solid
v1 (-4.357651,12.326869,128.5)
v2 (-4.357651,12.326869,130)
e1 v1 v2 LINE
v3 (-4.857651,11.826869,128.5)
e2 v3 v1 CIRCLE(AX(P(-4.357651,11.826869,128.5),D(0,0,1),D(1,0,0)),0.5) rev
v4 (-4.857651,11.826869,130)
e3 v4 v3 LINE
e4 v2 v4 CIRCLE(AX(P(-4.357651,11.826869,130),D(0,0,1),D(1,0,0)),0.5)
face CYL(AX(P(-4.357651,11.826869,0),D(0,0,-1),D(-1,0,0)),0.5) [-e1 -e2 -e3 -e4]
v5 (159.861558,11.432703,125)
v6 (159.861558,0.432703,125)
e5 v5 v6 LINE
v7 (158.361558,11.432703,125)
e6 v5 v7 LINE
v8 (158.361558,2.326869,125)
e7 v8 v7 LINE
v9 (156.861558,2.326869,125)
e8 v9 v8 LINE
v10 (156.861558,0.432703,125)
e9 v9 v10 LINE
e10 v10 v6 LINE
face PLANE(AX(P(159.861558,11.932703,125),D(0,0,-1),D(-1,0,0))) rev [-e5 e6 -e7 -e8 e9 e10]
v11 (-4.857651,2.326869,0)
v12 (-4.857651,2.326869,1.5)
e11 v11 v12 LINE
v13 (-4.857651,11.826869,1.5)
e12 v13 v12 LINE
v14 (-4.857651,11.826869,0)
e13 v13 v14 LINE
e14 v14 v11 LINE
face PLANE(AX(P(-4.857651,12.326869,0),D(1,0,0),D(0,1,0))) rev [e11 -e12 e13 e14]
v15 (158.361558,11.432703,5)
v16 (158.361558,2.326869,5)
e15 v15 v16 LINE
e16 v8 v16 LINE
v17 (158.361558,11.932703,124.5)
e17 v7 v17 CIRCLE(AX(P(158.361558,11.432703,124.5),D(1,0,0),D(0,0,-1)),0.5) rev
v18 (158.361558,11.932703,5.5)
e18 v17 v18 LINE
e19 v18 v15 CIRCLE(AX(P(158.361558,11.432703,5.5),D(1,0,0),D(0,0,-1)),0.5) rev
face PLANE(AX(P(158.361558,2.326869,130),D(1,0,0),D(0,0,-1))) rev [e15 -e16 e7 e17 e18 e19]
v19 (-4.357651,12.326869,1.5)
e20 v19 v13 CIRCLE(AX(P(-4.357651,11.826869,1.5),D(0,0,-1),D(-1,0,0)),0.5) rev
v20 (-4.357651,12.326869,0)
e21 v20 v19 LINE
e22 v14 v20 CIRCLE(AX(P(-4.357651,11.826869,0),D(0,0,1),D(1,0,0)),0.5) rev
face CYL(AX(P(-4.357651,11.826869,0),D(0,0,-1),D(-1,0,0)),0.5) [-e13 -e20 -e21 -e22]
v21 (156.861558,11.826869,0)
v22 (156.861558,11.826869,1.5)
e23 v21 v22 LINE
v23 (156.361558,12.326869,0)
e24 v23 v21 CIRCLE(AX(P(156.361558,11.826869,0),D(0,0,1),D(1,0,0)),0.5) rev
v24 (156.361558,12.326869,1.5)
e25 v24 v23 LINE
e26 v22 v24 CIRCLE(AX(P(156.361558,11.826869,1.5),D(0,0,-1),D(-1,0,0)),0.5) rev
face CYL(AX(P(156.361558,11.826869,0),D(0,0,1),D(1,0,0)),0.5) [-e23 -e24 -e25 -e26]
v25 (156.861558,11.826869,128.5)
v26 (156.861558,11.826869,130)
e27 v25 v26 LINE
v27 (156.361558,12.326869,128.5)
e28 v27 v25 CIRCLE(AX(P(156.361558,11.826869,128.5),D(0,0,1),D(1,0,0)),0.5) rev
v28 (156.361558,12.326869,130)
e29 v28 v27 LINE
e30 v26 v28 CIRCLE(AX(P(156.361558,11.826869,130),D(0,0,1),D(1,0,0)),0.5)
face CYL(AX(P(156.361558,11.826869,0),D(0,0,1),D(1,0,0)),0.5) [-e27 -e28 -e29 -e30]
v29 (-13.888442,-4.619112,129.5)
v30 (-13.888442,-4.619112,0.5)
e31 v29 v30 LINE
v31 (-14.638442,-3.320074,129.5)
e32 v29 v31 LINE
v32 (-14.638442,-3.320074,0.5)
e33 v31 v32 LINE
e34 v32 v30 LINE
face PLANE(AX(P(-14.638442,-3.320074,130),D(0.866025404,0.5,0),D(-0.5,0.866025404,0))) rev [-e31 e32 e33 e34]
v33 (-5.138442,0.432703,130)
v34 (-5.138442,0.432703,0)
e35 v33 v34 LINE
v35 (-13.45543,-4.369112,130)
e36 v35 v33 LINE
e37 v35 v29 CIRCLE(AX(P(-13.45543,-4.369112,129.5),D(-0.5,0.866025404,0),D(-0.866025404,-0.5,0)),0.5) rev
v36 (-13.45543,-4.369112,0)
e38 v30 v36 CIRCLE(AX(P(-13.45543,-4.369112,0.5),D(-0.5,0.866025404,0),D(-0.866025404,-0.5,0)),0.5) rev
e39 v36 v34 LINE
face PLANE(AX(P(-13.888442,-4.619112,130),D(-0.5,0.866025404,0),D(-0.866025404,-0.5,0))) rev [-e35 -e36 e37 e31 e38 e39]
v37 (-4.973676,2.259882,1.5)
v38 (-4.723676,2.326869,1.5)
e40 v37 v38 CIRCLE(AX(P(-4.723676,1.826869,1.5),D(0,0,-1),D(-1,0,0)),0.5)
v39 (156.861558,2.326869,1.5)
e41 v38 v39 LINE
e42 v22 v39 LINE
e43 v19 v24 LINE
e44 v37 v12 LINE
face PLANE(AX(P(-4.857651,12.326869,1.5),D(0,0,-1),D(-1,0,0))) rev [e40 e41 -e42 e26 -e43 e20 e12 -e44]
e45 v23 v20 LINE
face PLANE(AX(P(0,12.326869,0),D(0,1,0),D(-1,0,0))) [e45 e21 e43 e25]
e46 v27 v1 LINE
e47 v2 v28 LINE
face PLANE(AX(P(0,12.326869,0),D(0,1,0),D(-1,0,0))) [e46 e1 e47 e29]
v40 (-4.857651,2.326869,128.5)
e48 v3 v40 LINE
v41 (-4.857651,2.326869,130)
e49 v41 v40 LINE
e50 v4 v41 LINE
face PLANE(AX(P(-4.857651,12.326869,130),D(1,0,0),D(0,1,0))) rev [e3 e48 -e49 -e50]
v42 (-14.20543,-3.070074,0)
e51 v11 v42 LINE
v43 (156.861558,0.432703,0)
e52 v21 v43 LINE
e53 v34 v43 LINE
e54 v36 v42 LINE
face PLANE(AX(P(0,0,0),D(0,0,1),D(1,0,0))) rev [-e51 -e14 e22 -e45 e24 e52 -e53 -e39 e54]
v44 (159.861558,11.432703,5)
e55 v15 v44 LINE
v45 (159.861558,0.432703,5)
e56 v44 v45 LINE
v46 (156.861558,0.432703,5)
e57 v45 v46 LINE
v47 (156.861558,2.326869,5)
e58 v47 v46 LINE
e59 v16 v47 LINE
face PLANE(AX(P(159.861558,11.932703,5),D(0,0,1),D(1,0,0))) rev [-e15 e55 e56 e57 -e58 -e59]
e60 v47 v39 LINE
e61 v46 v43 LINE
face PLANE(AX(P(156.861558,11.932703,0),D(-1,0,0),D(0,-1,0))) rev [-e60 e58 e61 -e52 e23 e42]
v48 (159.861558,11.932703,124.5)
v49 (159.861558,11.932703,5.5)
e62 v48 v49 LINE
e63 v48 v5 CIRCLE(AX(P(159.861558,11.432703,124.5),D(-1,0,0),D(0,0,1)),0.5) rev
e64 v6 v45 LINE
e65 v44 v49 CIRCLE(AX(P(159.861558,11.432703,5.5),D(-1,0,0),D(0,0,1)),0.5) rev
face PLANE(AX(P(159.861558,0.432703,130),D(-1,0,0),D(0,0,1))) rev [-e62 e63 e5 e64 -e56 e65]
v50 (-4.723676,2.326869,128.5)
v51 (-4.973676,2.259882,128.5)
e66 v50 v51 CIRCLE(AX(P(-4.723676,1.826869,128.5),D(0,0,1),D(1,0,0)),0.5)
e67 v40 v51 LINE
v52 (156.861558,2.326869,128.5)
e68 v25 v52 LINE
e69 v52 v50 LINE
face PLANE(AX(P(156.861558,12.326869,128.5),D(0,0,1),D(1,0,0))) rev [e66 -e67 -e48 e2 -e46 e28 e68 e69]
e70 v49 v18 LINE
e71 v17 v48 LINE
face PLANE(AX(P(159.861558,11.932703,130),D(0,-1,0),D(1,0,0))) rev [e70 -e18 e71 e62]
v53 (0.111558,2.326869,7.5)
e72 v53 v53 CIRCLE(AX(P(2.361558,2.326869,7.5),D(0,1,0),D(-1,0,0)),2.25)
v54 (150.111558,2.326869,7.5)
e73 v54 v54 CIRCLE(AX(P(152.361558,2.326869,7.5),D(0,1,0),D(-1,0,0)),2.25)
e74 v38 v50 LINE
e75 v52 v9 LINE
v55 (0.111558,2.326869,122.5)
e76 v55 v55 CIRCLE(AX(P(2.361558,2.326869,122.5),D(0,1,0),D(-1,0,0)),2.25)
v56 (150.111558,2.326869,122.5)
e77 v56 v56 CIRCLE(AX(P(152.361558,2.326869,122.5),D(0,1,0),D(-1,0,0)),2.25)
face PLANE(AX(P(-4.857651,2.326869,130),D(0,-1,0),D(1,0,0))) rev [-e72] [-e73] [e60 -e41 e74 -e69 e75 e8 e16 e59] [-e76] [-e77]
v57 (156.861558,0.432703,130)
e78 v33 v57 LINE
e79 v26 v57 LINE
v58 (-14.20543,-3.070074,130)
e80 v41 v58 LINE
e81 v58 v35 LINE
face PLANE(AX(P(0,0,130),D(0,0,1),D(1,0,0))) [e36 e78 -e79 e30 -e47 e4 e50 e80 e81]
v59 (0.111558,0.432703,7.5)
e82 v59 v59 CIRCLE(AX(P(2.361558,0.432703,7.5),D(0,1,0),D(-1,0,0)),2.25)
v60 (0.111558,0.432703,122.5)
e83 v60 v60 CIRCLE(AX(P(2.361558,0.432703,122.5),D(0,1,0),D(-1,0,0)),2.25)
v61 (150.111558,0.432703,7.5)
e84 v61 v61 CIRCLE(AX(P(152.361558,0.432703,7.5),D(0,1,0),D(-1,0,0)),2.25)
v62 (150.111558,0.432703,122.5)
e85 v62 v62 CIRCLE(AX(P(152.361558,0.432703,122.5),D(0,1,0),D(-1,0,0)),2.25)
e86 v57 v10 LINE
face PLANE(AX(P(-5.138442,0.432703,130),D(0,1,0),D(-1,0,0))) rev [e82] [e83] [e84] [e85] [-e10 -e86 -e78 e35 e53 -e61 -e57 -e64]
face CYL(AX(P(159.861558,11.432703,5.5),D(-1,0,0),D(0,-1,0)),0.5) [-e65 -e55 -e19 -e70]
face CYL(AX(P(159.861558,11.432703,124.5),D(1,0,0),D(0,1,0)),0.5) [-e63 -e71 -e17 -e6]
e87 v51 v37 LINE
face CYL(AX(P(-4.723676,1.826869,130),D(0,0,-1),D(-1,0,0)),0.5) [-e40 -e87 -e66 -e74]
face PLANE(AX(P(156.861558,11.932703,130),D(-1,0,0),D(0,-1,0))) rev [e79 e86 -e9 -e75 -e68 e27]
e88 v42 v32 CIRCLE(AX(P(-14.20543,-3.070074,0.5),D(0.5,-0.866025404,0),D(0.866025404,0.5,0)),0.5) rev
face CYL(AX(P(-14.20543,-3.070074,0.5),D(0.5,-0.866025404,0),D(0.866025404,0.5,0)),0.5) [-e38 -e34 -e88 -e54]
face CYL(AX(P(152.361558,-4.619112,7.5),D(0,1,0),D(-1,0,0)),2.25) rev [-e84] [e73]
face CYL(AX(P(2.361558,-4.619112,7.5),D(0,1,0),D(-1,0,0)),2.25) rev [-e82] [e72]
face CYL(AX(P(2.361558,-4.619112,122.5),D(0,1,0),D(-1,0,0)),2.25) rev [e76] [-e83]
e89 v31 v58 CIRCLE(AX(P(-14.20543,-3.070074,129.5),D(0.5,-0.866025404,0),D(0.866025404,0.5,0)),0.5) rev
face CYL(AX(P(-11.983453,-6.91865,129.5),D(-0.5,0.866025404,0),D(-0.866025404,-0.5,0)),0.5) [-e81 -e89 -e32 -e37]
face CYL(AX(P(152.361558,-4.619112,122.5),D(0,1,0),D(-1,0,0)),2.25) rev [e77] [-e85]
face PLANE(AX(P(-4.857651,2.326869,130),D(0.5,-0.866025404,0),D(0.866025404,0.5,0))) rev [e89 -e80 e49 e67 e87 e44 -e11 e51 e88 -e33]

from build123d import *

# Parameters (mm, degrees)
BOSS_EXTRUDE1_DEPTH = 130
SKETCH3_W           = 3
SKETCH3_H           = 5
CUT_EXTRUDE1_DEPTH  = 12.5
SKETCH4_W           = 161.719208284
SKETCH4_H           = 1.5
BOSS_EXTRUDE2_DEPTH = 10
SKETCH5_R           = 2.25
CUT_EXTRUDE2_DEPTH  = 7.945980836
FILLET1_R           = 0.5


with BuildPart() as part:
    # Sketch1 → Boss-Extrude1 (new body)
    with BuildSketch(Plane.XY):
        Polygon((-4.857650715, 2.326869046), (-14.638442431, -3.320073684), (-13.888442431, -4.61911179), (-5.138442431, 0.432703066), (159.861557569, 0.432703066), (159.861557569, 11.932703066), (158.361557569, 11.932703066), (158.361557569, 2.326869046), align=None)
    extrude(amount=BOSS_EXTRUDE1_DEPTH)

    # Sketch3 → Cut-Extrude1 (cut, through all)
    with BuildSketch(Plane.XZ.offset(-0.432703066)):
        with Locations((158.361557569, 127.5)):
            Rectangle(SKETCH3_W, SKETCH3_H)
        with Locations((158.361557569, 2.5)):
            Rectangle(SKETCH3_W, SKETCH3_H)
    extrude(amount=-CUT_EXTRUDE1_DEPTH, mode=Mode.SUBTRACT)

    # Sketch4 → Boss-Extrude2 (add)
    with BuildSketch(Plane(origin=(0, 2.326869046, 0), x_dir=(1, 0, 0), z_dir=(0, 1, 0))):
        with Locations((76.001953427, -129.25)):
            Rectangle(SKETCH4_W, SKETCH4_H)
        with Locations((76.001953427, -0.75)):
            Rectangle(SKETCH4_W, SKETCH4_H)
    extrude(amount=BOSS_EXTRUDE2_DEPTH)

    # Sketch5 → Cut-Extrude2 (cut, through all)
    with BuildSketch(Plane(origin=(0, 2.326869046, 0), x_dir=(1, 0, 0), z_dir=(0, 1, 0))):
        with Locations((2.361557569, -122.5)):
            Circle(SKETCH5_R)
        with Locations((2.361557569, -7.5)):
            Circle(SKETCH5_R)
        with Locations((152.361557569, -7.5)):
            Circle(SKETCH5_R)
        with Locations((152.361557569, -122.5)):
            Circle(SKETCH5_R)
    extrude(amount=-CUT_EXTRUDE2_DEPTH, mode=Mode.SUBTRACT)

    # Fillet1
    fillet1_edges = [part.edges().sort_by_distance(p)[0] for p in [
        (-14.263442431, -3.969592737, 130),
        (159.111557569, 11.932703066, 125),
        (159.111557569, 11.932703066, 5),
        (-4.857650715, 2.326869046, 65),
        (156.861557569, 12.326869046, 129.25),
        (-4.857650715, 12.326869046, 129.25),
        (-4.857650715, 12.326869046, 0.75),
        (156.861557569, 12.326869046, 0.75),
        (-14.263442431, -3.969592737, 0),
    ]]
    fillet(fillet1_edges, radius=FILLET1_R)


solid = part.part
